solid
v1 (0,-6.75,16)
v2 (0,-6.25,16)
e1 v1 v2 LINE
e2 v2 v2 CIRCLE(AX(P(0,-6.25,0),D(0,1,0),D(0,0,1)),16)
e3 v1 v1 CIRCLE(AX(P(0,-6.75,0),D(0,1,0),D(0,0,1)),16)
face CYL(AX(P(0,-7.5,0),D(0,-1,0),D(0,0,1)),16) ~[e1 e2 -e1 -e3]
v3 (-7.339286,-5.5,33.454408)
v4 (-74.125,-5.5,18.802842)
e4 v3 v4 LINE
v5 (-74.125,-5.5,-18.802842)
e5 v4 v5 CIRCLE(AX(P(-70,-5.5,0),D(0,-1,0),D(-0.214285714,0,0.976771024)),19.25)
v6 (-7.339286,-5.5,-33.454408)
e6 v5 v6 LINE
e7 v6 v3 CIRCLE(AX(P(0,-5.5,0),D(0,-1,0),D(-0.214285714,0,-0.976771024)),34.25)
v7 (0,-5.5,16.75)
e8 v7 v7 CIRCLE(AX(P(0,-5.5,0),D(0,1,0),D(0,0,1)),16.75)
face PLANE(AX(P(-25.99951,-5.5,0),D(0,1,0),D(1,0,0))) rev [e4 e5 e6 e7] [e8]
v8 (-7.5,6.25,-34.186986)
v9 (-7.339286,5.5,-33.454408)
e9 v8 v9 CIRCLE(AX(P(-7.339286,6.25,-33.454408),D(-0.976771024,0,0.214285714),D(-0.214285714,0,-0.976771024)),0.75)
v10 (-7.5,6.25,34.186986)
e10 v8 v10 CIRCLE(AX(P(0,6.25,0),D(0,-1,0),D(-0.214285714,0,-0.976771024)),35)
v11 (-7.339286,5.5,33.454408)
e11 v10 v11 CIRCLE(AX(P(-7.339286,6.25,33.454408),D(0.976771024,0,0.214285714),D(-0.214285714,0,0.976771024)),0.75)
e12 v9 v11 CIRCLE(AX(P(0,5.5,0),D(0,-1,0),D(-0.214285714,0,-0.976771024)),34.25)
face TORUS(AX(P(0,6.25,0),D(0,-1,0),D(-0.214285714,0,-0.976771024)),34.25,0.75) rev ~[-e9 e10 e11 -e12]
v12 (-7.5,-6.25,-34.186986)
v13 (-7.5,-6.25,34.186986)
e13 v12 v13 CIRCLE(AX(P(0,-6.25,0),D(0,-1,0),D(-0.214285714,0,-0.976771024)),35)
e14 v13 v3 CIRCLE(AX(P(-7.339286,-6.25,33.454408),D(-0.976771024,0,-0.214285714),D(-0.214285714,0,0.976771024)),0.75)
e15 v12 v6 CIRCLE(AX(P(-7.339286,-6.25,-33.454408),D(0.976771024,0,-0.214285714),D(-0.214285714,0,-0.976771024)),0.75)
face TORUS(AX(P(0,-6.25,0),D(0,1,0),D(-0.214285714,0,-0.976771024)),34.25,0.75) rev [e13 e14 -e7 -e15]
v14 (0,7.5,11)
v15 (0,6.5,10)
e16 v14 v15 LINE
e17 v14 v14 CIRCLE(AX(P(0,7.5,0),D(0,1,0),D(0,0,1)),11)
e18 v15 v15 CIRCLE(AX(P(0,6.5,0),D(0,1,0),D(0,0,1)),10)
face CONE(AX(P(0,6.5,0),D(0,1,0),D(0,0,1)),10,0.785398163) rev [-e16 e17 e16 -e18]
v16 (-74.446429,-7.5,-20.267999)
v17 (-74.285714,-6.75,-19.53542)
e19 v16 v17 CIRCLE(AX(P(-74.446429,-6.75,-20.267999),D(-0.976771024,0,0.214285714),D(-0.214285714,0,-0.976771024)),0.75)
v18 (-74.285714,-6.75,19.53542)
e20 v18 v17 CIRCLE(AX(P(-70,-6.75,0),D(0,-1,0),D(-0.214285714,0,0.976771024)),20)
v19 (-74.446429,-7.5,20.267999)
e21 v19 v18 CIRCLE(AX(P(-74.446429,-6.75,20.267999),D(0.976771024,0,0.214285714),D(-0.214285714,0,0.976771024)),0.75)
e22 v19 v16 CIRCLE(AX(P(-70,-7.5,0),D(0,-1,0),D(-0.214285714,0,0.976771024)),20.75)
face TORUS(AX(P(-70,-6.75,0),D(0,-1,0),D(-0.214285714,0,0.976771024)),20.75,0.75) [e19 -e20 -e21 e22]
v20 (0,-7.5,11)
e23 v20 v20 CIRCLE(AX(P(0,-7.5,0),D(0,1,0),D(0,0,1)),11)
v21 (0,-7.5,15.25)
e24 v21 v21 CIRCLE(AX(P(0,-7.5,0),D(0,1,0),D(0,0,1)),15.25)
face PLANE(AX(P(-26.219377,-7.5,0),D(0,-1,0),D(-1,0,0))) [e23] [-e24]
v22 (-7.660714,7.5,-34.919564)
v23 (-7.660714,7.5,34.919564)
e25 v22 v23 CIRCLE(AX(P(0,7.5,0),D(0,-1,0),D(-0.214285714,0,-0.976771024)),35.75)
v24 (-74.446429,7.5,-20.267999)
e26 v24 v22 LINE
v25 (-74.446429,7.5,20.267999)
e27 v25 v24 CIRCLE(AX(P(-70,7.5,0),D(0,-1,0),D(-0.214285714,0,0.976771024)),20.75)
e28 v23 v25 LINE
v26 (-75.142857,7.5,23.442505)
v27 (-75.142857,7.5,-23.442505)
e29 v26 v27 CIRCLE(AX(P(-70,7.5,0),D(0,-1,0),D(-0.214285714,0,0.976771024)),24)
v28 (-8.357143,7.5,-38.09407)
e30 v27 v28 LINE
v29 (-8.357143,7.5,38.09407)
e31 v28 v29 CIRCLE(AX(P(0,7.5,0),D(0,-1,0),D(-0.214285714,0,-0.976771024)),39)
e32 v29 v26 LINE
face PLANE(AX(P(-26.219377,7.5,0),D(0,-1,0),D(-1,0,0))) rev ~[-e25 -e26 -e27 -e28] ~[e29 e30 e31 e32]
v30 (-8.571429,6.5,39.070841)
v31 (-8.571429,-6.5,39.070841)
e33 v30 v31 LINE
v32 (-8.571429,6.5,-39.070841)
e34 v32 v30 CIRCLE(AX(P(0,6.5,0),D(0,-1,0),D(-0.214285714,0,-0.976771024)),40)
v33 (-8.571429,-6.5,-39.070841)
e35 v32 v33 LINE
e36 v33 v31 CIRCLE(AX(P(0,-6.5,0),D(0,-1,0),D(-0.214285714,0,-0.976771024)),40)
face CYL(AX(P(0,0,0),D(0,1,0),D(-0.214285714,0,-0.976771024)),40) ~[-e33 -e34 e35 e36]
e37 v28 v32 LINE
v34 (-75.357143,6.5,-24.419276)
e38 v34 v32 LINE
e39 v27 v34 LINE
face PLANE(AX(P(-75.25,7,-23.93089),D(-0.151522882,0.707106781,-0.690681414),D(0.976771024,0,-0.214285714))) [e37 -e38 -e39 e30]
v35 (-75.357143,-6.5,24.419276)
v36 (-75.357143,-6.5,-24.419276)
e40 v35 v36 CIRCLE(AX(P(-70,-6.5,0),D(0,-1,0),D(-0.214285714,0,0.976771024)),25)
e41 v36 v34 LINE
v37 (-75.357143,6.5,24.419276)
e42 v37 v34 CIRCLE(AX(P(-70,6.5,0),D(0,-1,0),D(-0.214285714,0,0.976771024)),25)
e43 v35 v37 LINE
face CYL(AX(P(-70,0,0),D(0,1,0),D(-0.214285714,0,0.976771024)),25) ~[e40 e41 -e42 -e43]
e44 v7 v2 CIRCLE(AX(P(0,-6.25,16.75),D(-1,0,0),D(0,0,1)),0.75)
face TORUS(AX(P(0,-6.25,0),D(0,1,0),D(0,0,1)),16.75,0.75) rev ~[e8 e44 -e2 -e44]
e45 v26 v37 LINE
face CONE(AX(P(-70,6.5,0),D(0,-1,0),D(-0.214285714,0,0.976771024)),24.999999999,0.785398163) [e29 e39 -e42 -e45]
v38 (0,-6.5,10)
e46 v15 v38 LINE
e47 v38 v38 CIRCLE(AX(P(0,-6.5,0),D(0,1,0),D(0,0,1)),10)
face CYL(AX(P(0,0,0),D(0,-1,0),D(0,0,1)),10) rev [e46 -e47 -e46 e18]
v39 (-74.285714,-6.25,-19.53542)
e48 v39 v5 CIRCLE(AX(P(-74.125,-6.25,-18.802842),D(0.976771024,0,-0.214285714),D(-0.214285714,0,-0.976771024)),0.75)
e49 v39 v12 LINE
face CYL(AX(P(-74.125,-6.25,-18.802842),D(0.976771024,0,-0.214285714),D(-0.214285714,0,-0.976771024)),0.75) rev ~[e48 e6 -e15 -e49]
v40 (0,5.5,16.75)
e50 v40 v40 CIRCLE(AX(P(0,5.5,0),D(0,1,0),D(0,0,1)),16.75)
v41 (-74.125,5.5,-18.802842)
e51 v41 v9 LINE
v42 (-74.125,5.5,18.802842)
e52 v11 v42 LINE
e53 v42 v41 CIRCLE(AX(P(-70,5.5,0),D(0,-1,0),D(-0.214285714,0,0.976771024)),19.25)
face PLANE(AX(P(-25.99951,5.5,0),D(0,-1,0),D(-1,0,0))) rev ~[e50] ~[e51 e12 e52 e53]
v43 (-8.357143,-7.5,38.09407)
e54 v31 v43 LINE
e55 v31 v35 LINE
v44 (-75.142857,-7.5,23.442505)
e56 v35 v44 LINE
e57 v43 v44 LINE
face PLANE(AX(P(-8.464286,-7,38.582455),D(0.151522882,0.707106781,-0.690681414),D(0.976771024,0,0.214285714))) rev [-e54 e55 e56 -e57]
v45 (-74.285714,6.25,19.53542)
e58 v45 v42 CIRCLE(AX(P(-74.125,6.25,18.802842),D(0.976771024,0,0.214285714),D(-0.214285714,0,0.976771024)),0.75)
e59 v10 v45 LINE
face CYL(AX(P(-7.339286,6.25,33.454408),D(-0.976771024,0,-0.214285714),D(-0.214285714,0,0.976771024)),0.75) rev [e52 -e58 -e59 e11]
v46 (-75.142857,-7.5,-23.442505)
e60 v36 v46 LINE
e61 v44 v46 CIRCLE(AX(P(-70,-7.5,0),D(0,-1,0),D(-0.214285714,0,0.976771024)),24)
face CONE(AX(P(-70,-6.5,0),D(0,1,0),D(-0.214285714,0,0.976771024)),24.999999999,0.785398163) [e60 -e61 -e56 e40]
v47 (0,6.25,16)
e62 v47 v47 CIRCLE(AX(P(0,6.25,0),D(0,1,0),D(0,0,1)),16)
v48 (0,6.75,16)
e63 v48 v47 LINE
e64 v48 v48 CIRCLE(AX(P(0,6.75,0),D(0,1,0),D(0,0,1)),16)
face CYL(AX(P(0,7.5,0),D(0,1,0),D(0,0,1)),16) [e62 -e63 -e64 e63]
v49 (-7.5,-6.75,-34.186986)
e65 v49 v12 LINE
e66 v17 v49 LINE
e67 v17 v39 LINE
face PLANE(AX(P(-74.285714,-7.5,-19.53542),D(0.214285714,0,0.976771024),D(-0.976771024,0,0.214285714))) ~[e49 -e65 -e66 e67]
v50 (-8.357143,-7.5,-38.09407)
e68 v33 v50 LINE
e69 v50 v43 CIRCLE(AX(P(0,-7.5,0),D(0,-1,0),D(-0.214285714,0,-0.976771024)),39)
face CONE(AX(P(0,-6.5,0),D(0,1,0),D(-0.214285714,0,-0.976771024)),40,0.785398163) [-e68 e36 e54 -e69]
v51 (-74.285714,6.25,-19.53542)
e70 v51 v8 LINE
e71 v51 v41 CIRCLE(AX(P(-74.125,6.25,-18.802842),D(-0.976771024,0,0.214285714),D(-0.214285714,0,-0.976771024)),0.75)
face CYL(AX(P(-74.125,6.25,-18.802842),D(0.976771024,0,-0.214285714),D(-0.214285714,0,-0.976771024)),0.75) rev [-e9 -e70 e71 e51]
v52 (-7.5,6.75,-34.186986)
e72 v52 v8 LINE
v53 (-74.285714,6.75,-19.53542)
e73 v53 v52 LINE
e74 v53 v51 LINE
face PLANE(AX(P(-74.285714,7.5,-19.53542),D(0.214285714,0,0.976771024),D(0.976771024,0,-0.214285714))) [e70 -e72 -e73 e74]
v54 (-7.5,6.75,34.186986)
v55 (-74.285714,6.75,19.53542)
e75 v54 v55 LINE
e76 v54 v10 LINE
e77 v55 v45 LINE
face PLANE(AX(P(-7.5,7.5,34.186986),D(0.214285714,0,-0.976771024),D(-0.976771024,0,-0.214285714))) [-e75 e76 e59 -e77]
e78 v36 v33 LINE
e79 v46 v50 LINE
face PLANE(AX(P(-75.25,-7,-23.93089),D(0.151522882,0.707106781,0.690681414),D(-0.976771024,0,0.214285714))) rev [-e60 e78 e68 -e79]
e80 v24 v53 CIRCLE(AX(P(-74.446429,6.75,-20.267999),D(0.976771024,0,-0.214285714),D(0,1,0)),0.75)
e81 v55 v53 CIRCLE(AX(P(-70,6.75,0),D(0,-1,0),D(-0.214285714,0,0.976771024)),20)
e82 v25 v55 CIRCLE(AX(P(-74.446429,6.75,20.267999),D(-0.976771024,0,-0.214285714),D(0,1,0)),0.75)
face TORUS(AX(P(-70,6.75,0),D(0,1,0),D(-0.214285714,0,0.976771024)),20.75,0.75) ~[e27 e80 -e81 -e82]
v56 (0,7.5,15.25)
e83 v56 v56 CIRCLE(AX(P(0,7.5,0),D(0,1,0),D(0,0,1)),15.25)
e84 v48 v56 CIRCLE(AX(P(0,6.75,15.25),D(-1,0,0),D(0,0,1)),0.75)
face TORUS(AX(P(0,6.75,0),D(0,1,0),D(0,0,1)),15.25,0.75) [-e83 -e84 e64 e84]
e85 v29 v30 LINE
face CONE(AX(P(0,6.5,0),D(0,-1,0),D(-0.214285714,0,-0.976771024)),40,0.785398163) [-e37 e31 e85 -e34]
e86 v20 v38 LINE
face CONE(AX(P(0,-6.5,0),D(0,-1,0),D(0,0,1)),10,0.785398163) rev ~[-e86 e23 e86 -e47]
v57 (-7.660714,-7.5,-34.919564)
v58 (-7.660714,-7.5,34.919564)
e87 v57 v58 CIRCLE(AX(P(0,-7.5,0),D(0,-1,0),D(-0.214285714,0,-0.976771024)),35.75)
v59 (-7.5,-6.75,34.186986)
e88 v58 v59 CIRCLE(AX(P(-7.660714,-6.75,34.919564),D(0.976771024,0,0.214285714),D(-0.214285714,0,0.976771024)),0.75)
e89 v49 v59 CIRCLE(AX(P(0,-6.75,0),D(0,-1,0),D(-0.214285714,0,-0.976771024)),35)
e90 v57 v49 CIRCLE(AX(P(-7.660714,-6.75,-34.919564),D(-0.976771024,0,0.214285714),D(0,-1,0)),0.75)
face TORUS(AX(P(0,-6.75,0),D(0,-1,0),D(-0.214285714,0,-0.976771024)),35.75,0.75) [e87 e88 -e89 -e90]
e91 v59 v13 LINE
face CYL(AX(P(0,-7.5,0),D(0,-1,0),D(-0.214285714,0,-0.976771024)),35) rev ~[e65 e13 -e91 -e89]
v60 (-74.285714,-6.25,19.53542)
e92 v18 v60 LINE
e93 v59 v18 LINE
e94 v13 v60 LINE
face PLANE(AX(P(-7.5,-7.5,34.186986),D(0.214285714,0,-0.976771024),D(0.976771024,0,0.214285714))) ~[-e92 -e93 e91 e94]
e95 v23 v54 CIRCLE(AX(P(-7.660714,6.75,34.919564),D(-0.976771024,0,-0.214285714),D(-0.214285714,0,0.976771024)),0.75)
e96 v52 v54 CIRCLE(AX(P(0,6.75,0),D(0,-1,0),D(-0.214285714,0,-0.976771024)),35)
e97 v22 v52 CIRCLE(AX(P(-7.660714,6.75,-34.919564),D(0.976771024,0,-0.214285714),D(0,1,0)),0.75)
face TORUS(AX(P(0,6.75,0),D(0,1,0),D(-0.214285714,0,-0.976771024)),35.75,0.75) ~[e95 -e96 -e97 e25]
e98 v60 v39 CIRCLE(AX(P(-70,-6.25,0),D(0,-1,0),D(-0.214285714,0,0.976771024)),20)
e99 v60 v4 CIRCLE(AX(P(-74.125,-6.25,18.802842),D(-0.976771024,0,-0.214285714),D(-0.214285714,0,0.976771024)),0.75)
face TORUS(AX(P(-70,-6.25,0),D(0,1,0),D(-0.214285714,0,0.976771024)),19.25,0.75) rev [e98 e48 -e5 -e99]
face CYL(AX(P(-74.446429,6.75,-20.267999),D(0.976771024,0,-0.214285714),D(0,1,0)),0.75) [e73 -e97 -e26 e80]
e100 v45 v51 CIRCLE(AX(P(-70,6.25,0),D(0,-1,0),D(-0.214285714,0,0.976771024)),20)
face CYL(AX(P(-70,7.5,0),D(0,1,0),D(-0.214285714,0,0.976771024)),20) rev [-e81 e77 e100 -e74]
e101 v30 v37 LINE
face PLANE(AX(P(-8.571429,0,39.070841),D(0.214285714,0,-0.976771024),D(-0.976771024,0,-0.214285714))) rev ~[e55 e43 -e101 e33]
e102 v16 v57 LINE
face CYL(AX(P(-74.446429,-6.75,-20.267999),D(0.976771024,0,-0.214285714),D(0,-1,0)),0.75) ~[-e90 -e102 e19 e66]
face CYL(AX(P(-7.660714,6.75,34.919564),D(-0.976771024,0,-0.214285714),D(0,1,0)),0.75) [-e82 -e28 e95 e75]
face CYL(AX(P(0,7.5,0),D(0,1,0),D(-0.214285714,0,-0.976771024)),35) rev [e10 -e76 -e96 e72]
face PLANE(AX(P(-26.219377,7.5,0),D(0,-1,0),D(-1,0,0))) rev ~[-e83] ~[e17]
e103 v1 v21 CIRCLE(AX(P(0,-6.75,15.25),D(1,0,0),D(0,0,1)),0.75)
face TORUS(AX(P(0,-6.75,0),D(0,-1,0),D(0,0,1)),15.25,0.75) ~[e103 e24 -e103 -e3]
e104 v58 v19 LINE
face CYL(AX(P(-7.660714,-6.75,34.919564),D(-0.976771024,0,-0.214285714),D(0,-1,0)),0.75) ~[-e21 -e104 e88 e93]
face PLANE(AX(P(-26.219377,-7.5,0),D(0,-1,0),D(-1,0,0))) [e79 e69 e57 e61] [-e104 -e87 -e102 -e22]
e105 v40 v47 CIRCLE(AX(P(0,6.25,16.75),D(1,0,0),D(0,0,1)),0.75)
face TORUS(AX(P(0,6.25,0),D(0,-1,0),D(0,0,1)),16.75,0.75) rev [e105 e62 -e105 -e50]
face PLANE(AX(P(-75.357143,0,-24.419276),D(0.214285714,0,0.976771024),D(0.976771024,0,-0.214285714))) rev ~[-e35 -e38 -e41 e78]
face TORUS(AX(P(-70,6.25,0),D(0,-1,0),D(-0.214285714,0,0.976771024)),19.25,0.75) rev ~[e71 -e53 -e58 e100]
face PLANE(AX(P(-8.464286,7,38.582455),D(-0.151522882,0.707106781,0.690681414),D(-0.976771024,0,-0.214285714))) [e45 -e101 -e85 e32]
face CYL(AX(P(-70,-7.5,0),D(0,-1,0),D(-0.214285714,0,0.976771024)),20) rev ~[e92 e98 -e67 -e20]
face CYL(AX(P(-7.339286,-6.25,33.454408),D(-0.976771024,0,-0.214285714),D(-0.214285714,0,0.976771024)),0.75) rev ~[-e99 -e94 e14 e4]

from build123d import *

# Parameters (mm, degrees)
SKETCH1_R           = 10
BOSS_EXTRUDE1_DEPTH = 7.5
CHAMFER1_SIZE       = 1
CHAMFER2_SIZE       = 1
SKETCH2_R           = 16
CUT_EXTRUDE1_DEPTH  = 2
FILLET1_R           = 0.75


with BuildPart() as part:
    # Sketch1 → Boss-Extrude1 (new, symmetric)
    with BuildSketch(Plane(origin=(0, 0, 0), x_dir=(1, 0, 0), z_dir=(0, 1, 0))):
        with BuildLine():
            Line((-75.357142857, 24.419275591), (-8.571428571, 39.070840946))
            ThreePointArc((-8.571428571, 39.070840946), (40, 0), (-8.571428571, -39.070840946))
            Line((-8.571428571, -39.070840946), (-75.357142857, -24.419275591))
            ThreePointArc((-75.357142857, -24.419275591), (-95, 0), (-75.357142857, 24.419275591))
        make_face()
        with Locations(Location((0, 0, 0), (0, 0, 270))):
            Circle(SKETCH1_R, mode=Mode.SUBTRACT)
    extrude(amount=BOSS_EXTRUDE1_DEPTH, both=True)

    # Chamfer1
    chamfer1_edges = [part.edges().sort_by_distance(p)[0] for p in [
        (40, 7.5, 0),
        (-41.964285714, 7.5, -31.745058269),
        (-95, 7.5, 0),
        (-41.964285714, -7.5, -31.745058269),
        (40, -7.5, 0),
        (-41.964285714, -7.5, 31.745058269),
        (-95, -7.5, 0),
        (-41.964285714, 7.5, 31.745058269),
    ]]
    chamfer(chamfer1_edges, length=CHAMFER1_SIZE)

    # Chamfer2
    chamfer2_edges = [part.edges().sort_by_distance(p)[0] for p in [
        (0, -7.5, -10),
        (0, 7.5, -10),
    ]]
    chamfer(chamfer2_edges, length=CHAMFER2_SIZE)

    # Sketch2 → Cut-Extrude1 (cut)
    with BuildSketch(Plane(origin=(0, 7.5, 0), x_dir=(1, 0, 0), z_dir=(0, 1, 0))):
        with BuildLine():
            Line((-74.285714286, 19.535420473), (-7.5, 34.186985828))
            ThreePointArc((-7.5, 34.186985828), (35, 0), (-7.5, -34.186985828))
            Line((-7.5, -34.186985828), (-74.285714286, -19.535420473))
            ThreePointArc((-74.285714286, -19.535420473), (-90, 0), (-74.285714286, 19.535420473))
        make_face()
        with Locations(Location((0, 0, 0), (0, 0, 270))):
            Circle(SKETCH2_R, mode=Mode.SUBTRACT)
    cut_extrude1 = extrude(amount=-CUT_EXTRUDE1_DEPTH, mode=Mode.SUBTRACT)

    # Mirror2: Cut-Extrude1 across plane
    add(cut_extrude1.mirror(Plane.ZX), mode=Mode.SUBTRACT)

    # Fillet1
    fillet1_edges = [part.edges().sort_by_distance(p)[0] for p in [
        (-40.892857143, 7.5, -26.861203151),
        (35, 5.5, 0),
        (-40.892857143, 7.5, 26.861203151),
        (0, 7.5, -16),
        (-90, 5.5, 0),
        (0, 5.5, -16),
        (-40.892857143, 5.5, -26.861203151),
        (-40.892857143, 5.5, 26.861203151),
        (-90, 7.5, 0),
        (35, 7.5, 0),
        (-40.892857143, -5.5, -26.861203151),
        (-90, -7.5, 0),
        (-40.892857143, -5.5, 26.861203151),
        (0, -5.5, -16),
        (35, -7.5, 0),
        (-90, -5.5, 0),
        (35, -5.5, 0),
        (0, -7.5, -16),
        (-40.892857143, -7.5, -26.861203151),
        (-40.892857143, -7.5, 26.861203151),
    ]]
    fillet(fillet1_edges, radius=FILLET1_R)


solid = part.part
